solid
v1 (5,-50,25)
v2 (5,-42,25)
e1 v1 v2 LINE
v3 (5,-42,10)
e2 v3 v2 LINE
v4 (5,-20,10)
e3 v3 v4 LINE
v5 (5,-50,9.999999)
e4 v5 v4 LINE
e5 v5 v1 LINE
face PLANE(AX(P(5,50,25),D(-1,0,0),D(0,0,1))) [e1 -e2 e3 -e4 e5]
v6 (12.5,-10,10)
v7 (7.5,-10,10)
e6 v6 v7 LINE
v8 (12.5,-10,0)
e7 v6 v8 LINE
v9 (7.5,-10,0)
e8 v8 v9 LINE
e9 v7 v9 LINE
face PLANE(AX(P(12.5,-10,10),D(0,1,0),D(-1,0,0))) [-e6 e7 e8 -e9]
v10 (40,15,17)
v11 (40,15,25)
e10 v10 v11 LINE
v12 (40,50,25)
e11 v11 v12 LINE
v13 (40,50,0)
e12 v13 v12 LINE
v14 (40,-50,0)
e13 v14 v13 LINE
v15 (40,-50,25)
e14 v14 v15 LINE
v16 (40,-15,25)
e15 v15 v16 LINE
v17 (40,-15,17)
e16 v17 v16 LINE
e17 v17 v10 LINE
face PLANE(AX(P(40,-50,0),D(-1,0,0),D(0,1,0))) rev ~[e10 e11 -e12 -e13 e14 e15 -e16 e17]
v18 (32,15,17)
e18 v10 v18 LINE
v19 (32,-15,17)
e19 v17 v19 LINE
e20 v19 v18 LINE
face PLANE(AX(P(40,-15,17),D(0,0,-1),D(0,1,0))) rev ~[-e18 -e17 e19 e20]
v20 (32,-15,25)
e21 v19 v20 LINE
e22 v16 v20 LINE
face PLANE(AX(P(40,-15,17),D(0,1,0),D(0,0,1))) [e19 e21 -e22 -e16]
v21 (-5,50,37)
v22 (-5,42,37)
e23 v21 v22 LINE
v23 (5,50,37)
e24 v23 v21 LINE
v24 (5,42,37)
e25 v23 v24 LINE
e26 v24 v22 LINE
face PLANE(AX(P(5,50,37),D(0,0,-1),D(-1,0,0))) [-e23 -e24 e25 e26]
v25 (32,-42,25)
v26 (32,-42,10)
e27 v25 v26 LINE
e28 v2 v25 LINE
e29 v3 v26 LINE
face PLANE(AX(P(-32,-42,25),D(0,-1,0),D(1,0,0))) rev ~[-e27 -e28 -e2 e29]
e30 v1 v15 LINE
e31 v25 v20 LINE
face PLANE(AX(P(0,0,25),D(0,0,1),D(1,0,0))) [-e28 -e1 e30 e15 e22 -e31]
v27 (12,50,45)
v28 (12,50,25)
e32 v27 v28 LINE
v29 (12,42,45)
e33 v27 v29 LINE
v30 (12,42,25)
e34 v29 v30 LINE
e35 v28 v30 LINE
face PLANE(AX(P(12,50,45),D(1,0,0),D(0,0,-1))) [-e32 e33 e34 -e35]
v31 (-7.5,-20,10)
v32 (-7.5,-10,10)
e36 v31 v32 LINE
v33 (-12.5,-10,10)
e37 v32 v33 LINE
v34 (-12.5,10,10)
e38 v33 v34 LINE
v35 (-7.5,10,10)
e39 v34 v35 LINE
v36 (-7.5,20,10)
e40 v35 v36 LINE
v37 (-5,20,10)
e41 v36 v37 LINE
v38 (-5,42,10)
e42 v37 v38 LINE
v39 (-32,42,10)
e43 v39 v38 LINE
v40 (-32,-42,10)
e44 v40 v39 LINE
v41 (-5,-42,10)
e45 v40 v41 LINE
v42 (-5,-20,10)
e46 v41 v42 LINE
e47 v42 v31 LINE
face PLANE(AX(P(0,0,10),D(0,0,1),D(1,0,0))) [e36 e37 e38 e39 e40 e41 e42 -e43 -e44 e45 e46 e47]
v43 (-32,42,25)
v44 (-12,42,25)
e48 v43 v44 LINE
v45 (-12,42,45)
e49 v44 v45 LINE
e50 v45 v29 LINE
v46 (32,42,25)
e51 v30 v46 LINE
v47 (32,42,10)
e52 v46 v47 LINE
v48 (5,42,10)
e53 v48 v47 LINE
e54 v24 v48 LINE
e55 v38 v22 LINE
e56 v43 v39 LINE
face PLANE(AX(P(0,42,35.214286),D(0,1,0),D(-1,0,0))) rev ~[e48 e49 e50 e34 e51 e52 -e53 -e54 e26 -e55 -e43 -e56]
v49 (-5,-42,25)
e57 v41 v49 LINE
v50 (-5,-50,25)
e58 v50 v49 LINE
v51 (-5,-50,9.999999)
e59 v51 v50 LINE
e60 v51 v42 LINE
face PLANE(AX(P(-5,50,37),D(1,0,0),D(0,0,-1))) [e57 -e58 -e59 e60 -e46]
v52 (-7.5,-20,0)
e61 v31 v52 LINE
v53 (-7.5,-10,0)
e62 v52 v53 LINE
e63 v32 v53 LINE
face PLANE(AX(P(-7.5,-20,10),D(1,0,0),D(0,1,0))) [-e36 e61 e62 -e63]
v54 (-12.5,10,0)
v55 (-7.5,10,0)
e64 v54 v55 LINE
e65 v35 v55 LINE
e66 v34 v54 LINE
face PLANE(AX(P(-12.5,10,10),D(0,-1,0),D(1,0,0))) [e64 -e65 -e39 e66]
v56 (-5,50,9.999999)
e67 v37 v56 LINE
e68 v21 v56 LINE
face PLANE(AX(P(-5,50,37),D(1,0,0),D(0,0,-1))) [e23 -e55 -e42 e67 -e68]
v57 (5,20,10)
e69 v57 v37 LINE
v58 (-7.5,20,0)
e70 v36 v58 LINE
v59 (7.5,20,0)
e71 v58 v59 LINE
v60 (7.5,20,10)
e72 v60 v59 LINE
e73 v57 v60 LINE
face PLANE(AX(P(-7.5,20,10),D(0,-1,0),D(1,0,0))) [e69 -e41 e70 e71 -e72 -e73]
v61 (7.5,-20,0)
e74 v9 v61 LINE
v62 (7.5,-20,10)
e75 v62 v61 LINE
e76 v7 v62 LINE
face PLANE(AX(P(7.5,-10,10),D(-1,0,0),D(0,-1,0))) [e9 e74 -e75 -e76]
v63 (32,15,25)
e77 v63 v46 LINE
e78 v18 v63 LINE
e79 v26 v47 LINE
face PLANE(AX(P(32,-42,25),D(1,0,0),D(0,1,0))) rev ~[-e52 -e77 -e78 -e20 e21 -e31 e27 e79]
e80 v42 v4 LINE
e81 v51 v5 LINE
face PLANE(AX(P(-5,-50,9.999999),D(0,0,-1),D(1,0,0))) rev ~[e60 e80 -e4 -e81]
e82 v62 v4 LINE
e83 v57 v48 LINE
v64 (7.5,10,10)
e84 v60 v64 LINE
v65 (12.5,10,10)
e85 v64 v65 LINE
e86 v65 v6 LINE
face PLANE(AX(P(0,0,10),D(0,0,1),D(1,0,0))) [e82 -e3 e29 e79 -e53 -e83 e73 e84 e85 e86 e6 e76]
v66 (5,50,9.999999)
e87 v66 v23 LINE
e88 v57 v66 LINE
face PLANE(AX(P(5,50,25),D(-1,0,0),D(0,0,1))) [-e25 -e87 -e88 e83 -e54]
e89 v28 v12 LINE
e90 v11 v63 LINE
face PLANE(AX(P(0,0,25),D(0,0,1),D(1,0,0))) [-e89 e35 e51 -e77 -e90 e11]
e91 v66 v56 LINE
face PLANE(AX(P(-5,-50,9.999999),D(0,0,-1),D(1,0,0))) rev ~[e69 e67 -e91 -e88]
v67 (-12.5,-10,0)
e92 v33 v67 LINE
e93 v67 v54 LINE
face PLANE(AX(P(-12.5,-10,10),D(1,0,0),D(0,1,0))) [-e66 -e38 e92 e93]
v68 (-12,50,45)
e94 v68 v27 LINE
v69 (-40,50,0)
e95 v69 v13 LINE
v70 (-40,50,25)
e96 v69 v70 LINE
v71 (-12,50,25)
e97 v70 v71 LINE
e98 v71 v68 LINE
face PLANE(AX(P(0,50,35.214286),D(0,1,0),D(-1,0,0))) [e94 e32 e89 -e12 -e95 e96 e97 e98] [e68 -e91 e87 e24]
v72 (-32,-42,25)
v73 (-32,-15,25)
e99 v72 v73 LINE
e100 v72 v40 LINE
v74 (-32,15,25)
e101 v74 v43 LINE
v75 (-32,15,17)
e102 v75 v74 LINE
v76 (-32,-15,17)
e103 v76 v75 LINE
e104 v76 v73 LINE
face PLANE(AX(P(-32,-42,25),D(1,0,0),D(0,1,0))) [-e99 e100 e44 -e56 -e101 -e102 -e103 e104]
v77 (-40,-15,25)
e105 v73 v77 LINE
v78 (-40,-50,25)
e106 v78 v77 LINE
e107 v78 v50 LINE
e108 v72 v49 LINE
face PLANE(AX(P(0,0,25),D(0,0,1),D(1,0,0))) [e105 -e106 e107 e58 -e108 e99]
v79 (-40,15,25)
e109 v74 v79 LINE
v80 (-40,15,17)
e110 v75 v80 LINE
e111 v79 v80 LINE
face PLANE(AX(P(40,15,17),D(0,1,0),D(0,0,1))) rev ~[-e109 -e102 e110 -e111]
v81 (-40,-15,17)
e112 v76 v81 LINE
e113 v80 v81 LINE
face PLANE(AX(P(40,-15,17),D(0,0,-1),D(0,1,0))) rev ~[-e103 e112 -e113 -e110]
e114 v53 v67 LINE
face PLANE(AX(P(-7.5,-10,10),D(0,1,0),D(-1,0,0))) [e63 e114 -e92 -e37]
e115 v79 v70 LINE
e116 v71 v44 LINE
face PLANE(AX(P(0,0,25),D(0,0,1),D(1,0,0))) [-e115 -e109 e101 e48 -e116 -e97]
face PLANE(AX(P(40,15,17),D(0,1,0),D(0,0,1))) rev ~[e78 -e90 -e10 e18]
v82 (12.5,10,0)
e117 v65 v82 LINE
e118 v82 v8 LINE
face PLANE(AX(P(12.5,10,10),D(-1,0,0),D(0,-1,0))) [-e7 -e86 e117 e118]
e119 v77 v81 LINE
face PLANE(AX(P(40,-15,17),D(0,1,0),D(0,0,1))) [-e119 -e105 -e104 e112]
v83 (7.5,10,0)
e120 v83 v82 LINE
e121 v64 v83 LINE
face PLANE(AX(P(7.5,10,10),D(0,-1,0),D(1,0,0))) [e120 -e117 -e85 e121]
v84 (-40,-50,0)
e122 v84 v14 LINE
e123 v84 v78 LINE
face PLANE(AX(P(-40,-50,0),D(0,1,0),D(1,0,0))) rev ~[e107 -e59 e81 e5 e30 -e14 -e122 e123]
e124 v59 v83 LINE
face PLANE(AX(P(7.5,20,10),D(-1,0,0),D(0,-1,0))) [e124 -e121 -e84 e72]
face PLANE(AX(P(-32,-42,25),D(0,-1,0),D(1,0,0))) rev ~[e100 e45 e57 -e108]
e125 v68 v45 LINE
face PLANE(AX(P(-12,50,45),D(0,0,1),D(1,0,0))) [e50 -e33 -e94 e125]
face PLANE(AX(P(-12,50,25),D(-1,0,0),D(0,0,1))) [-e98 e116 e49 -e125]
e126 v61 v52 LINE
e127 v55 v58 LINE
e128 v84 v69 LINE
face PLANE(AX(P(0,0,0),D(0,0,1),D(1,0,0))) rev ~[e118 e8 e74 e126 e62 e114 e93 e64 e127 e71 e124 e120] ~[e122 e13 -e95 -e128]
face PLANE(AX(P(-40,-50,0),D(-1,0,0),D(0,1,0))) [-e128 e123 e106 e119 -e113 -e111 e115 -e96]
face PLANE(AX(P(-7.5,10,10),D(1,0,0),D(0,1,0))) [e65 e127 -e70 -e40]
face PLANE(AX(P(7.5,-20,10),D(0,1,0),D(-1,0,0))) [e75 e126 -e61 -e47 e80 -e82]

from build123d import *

# Parameters (mm, degrees)
SKETCH_W        = 80
SKETCH_H        = 100
PAD_DEPTH       = 25
SKETCH001_W     = 64
SKETCH001_H     = 84
POCKET_DEPTH    = 15
SKETCH002_W     = 10
SKETCH002_H     = 27.891991
POCKET001_DEPTH = 100.001
SKETCH003_W     = 30
SKETCH003_H     = 18.544697
POCKET002_DEPTH = 80.001
PAD001_DEPTH    = 8
POCKET003_DEPTH = 10


with BuildPart() as part:
    # Sketch → Pad (new body)
    with BuildSketch(Plane.XY):
        Rectangle(SKETCH_W, SKETCH_H)
    extrude(amount=PAD_DEPTH)

    # Sketch001 → Pocket (cut)
    with BuildSketch(Plane.XY.offset(25)):
        Rectangle(SKETCH001_W, SKETCH001_H)
    extrude(amount=-POCKET_DEPTH, mode=Mode.SUBTRACT)

    # Sketch002 → Pocket001 (cut, through all)
    with BuildSketch(Plane.XZ.offset(50)):
        with Locations((0, 23.945995)):
            Rectangle(SKETCH002_W, SKETCH002_H)
    extrude(amount=-POCKET001_DEPTH, mode=Mode.SUBTRACT)

    # Sketch003 → Pocket002 (cut, through all)
    with BuildSketch(Plane.YZ.offset(40)):
        with Locations((0, 26.272348)):
            Rectangle(SKETCH003_W, SKETCH003_H)
    extrude(amount=-POCKET002_DEPTH, mode=Mode.SUBTRACT)

    # Sketch004 → Pad001 (new body)
    with BuildSketch(Plane(origin=(0, 50, 0), x_dir=(-1, 0, 0), z_dir=(0, 1, 0))):
        Polygon((12, 25), (12, 45), (-12, 45), (-12, 25), (-5, 25), (-5, 37), (5, 37), (5, 25), align=None)
    extrude(amount=-PAD001_DEPTH)

    # Sketch005 → Pocket003 (cut)
    with BuildSketch(Plane.XY.offset(10)):
        Polygon((-7.5, 10), (-7.5, 20), (7.5, 20), (7.5, 10), (12.5, 10), (12.5, -10), (7.5, -10), (7.5, -20), (-7.5, -20), (-7.5, -10), (-12.5, -10), (-12.5, 10), align=None)
    extrude(amount=-POCKET003_DEPTH, mode=Mode.SUBTRACT)


solid = part.part
